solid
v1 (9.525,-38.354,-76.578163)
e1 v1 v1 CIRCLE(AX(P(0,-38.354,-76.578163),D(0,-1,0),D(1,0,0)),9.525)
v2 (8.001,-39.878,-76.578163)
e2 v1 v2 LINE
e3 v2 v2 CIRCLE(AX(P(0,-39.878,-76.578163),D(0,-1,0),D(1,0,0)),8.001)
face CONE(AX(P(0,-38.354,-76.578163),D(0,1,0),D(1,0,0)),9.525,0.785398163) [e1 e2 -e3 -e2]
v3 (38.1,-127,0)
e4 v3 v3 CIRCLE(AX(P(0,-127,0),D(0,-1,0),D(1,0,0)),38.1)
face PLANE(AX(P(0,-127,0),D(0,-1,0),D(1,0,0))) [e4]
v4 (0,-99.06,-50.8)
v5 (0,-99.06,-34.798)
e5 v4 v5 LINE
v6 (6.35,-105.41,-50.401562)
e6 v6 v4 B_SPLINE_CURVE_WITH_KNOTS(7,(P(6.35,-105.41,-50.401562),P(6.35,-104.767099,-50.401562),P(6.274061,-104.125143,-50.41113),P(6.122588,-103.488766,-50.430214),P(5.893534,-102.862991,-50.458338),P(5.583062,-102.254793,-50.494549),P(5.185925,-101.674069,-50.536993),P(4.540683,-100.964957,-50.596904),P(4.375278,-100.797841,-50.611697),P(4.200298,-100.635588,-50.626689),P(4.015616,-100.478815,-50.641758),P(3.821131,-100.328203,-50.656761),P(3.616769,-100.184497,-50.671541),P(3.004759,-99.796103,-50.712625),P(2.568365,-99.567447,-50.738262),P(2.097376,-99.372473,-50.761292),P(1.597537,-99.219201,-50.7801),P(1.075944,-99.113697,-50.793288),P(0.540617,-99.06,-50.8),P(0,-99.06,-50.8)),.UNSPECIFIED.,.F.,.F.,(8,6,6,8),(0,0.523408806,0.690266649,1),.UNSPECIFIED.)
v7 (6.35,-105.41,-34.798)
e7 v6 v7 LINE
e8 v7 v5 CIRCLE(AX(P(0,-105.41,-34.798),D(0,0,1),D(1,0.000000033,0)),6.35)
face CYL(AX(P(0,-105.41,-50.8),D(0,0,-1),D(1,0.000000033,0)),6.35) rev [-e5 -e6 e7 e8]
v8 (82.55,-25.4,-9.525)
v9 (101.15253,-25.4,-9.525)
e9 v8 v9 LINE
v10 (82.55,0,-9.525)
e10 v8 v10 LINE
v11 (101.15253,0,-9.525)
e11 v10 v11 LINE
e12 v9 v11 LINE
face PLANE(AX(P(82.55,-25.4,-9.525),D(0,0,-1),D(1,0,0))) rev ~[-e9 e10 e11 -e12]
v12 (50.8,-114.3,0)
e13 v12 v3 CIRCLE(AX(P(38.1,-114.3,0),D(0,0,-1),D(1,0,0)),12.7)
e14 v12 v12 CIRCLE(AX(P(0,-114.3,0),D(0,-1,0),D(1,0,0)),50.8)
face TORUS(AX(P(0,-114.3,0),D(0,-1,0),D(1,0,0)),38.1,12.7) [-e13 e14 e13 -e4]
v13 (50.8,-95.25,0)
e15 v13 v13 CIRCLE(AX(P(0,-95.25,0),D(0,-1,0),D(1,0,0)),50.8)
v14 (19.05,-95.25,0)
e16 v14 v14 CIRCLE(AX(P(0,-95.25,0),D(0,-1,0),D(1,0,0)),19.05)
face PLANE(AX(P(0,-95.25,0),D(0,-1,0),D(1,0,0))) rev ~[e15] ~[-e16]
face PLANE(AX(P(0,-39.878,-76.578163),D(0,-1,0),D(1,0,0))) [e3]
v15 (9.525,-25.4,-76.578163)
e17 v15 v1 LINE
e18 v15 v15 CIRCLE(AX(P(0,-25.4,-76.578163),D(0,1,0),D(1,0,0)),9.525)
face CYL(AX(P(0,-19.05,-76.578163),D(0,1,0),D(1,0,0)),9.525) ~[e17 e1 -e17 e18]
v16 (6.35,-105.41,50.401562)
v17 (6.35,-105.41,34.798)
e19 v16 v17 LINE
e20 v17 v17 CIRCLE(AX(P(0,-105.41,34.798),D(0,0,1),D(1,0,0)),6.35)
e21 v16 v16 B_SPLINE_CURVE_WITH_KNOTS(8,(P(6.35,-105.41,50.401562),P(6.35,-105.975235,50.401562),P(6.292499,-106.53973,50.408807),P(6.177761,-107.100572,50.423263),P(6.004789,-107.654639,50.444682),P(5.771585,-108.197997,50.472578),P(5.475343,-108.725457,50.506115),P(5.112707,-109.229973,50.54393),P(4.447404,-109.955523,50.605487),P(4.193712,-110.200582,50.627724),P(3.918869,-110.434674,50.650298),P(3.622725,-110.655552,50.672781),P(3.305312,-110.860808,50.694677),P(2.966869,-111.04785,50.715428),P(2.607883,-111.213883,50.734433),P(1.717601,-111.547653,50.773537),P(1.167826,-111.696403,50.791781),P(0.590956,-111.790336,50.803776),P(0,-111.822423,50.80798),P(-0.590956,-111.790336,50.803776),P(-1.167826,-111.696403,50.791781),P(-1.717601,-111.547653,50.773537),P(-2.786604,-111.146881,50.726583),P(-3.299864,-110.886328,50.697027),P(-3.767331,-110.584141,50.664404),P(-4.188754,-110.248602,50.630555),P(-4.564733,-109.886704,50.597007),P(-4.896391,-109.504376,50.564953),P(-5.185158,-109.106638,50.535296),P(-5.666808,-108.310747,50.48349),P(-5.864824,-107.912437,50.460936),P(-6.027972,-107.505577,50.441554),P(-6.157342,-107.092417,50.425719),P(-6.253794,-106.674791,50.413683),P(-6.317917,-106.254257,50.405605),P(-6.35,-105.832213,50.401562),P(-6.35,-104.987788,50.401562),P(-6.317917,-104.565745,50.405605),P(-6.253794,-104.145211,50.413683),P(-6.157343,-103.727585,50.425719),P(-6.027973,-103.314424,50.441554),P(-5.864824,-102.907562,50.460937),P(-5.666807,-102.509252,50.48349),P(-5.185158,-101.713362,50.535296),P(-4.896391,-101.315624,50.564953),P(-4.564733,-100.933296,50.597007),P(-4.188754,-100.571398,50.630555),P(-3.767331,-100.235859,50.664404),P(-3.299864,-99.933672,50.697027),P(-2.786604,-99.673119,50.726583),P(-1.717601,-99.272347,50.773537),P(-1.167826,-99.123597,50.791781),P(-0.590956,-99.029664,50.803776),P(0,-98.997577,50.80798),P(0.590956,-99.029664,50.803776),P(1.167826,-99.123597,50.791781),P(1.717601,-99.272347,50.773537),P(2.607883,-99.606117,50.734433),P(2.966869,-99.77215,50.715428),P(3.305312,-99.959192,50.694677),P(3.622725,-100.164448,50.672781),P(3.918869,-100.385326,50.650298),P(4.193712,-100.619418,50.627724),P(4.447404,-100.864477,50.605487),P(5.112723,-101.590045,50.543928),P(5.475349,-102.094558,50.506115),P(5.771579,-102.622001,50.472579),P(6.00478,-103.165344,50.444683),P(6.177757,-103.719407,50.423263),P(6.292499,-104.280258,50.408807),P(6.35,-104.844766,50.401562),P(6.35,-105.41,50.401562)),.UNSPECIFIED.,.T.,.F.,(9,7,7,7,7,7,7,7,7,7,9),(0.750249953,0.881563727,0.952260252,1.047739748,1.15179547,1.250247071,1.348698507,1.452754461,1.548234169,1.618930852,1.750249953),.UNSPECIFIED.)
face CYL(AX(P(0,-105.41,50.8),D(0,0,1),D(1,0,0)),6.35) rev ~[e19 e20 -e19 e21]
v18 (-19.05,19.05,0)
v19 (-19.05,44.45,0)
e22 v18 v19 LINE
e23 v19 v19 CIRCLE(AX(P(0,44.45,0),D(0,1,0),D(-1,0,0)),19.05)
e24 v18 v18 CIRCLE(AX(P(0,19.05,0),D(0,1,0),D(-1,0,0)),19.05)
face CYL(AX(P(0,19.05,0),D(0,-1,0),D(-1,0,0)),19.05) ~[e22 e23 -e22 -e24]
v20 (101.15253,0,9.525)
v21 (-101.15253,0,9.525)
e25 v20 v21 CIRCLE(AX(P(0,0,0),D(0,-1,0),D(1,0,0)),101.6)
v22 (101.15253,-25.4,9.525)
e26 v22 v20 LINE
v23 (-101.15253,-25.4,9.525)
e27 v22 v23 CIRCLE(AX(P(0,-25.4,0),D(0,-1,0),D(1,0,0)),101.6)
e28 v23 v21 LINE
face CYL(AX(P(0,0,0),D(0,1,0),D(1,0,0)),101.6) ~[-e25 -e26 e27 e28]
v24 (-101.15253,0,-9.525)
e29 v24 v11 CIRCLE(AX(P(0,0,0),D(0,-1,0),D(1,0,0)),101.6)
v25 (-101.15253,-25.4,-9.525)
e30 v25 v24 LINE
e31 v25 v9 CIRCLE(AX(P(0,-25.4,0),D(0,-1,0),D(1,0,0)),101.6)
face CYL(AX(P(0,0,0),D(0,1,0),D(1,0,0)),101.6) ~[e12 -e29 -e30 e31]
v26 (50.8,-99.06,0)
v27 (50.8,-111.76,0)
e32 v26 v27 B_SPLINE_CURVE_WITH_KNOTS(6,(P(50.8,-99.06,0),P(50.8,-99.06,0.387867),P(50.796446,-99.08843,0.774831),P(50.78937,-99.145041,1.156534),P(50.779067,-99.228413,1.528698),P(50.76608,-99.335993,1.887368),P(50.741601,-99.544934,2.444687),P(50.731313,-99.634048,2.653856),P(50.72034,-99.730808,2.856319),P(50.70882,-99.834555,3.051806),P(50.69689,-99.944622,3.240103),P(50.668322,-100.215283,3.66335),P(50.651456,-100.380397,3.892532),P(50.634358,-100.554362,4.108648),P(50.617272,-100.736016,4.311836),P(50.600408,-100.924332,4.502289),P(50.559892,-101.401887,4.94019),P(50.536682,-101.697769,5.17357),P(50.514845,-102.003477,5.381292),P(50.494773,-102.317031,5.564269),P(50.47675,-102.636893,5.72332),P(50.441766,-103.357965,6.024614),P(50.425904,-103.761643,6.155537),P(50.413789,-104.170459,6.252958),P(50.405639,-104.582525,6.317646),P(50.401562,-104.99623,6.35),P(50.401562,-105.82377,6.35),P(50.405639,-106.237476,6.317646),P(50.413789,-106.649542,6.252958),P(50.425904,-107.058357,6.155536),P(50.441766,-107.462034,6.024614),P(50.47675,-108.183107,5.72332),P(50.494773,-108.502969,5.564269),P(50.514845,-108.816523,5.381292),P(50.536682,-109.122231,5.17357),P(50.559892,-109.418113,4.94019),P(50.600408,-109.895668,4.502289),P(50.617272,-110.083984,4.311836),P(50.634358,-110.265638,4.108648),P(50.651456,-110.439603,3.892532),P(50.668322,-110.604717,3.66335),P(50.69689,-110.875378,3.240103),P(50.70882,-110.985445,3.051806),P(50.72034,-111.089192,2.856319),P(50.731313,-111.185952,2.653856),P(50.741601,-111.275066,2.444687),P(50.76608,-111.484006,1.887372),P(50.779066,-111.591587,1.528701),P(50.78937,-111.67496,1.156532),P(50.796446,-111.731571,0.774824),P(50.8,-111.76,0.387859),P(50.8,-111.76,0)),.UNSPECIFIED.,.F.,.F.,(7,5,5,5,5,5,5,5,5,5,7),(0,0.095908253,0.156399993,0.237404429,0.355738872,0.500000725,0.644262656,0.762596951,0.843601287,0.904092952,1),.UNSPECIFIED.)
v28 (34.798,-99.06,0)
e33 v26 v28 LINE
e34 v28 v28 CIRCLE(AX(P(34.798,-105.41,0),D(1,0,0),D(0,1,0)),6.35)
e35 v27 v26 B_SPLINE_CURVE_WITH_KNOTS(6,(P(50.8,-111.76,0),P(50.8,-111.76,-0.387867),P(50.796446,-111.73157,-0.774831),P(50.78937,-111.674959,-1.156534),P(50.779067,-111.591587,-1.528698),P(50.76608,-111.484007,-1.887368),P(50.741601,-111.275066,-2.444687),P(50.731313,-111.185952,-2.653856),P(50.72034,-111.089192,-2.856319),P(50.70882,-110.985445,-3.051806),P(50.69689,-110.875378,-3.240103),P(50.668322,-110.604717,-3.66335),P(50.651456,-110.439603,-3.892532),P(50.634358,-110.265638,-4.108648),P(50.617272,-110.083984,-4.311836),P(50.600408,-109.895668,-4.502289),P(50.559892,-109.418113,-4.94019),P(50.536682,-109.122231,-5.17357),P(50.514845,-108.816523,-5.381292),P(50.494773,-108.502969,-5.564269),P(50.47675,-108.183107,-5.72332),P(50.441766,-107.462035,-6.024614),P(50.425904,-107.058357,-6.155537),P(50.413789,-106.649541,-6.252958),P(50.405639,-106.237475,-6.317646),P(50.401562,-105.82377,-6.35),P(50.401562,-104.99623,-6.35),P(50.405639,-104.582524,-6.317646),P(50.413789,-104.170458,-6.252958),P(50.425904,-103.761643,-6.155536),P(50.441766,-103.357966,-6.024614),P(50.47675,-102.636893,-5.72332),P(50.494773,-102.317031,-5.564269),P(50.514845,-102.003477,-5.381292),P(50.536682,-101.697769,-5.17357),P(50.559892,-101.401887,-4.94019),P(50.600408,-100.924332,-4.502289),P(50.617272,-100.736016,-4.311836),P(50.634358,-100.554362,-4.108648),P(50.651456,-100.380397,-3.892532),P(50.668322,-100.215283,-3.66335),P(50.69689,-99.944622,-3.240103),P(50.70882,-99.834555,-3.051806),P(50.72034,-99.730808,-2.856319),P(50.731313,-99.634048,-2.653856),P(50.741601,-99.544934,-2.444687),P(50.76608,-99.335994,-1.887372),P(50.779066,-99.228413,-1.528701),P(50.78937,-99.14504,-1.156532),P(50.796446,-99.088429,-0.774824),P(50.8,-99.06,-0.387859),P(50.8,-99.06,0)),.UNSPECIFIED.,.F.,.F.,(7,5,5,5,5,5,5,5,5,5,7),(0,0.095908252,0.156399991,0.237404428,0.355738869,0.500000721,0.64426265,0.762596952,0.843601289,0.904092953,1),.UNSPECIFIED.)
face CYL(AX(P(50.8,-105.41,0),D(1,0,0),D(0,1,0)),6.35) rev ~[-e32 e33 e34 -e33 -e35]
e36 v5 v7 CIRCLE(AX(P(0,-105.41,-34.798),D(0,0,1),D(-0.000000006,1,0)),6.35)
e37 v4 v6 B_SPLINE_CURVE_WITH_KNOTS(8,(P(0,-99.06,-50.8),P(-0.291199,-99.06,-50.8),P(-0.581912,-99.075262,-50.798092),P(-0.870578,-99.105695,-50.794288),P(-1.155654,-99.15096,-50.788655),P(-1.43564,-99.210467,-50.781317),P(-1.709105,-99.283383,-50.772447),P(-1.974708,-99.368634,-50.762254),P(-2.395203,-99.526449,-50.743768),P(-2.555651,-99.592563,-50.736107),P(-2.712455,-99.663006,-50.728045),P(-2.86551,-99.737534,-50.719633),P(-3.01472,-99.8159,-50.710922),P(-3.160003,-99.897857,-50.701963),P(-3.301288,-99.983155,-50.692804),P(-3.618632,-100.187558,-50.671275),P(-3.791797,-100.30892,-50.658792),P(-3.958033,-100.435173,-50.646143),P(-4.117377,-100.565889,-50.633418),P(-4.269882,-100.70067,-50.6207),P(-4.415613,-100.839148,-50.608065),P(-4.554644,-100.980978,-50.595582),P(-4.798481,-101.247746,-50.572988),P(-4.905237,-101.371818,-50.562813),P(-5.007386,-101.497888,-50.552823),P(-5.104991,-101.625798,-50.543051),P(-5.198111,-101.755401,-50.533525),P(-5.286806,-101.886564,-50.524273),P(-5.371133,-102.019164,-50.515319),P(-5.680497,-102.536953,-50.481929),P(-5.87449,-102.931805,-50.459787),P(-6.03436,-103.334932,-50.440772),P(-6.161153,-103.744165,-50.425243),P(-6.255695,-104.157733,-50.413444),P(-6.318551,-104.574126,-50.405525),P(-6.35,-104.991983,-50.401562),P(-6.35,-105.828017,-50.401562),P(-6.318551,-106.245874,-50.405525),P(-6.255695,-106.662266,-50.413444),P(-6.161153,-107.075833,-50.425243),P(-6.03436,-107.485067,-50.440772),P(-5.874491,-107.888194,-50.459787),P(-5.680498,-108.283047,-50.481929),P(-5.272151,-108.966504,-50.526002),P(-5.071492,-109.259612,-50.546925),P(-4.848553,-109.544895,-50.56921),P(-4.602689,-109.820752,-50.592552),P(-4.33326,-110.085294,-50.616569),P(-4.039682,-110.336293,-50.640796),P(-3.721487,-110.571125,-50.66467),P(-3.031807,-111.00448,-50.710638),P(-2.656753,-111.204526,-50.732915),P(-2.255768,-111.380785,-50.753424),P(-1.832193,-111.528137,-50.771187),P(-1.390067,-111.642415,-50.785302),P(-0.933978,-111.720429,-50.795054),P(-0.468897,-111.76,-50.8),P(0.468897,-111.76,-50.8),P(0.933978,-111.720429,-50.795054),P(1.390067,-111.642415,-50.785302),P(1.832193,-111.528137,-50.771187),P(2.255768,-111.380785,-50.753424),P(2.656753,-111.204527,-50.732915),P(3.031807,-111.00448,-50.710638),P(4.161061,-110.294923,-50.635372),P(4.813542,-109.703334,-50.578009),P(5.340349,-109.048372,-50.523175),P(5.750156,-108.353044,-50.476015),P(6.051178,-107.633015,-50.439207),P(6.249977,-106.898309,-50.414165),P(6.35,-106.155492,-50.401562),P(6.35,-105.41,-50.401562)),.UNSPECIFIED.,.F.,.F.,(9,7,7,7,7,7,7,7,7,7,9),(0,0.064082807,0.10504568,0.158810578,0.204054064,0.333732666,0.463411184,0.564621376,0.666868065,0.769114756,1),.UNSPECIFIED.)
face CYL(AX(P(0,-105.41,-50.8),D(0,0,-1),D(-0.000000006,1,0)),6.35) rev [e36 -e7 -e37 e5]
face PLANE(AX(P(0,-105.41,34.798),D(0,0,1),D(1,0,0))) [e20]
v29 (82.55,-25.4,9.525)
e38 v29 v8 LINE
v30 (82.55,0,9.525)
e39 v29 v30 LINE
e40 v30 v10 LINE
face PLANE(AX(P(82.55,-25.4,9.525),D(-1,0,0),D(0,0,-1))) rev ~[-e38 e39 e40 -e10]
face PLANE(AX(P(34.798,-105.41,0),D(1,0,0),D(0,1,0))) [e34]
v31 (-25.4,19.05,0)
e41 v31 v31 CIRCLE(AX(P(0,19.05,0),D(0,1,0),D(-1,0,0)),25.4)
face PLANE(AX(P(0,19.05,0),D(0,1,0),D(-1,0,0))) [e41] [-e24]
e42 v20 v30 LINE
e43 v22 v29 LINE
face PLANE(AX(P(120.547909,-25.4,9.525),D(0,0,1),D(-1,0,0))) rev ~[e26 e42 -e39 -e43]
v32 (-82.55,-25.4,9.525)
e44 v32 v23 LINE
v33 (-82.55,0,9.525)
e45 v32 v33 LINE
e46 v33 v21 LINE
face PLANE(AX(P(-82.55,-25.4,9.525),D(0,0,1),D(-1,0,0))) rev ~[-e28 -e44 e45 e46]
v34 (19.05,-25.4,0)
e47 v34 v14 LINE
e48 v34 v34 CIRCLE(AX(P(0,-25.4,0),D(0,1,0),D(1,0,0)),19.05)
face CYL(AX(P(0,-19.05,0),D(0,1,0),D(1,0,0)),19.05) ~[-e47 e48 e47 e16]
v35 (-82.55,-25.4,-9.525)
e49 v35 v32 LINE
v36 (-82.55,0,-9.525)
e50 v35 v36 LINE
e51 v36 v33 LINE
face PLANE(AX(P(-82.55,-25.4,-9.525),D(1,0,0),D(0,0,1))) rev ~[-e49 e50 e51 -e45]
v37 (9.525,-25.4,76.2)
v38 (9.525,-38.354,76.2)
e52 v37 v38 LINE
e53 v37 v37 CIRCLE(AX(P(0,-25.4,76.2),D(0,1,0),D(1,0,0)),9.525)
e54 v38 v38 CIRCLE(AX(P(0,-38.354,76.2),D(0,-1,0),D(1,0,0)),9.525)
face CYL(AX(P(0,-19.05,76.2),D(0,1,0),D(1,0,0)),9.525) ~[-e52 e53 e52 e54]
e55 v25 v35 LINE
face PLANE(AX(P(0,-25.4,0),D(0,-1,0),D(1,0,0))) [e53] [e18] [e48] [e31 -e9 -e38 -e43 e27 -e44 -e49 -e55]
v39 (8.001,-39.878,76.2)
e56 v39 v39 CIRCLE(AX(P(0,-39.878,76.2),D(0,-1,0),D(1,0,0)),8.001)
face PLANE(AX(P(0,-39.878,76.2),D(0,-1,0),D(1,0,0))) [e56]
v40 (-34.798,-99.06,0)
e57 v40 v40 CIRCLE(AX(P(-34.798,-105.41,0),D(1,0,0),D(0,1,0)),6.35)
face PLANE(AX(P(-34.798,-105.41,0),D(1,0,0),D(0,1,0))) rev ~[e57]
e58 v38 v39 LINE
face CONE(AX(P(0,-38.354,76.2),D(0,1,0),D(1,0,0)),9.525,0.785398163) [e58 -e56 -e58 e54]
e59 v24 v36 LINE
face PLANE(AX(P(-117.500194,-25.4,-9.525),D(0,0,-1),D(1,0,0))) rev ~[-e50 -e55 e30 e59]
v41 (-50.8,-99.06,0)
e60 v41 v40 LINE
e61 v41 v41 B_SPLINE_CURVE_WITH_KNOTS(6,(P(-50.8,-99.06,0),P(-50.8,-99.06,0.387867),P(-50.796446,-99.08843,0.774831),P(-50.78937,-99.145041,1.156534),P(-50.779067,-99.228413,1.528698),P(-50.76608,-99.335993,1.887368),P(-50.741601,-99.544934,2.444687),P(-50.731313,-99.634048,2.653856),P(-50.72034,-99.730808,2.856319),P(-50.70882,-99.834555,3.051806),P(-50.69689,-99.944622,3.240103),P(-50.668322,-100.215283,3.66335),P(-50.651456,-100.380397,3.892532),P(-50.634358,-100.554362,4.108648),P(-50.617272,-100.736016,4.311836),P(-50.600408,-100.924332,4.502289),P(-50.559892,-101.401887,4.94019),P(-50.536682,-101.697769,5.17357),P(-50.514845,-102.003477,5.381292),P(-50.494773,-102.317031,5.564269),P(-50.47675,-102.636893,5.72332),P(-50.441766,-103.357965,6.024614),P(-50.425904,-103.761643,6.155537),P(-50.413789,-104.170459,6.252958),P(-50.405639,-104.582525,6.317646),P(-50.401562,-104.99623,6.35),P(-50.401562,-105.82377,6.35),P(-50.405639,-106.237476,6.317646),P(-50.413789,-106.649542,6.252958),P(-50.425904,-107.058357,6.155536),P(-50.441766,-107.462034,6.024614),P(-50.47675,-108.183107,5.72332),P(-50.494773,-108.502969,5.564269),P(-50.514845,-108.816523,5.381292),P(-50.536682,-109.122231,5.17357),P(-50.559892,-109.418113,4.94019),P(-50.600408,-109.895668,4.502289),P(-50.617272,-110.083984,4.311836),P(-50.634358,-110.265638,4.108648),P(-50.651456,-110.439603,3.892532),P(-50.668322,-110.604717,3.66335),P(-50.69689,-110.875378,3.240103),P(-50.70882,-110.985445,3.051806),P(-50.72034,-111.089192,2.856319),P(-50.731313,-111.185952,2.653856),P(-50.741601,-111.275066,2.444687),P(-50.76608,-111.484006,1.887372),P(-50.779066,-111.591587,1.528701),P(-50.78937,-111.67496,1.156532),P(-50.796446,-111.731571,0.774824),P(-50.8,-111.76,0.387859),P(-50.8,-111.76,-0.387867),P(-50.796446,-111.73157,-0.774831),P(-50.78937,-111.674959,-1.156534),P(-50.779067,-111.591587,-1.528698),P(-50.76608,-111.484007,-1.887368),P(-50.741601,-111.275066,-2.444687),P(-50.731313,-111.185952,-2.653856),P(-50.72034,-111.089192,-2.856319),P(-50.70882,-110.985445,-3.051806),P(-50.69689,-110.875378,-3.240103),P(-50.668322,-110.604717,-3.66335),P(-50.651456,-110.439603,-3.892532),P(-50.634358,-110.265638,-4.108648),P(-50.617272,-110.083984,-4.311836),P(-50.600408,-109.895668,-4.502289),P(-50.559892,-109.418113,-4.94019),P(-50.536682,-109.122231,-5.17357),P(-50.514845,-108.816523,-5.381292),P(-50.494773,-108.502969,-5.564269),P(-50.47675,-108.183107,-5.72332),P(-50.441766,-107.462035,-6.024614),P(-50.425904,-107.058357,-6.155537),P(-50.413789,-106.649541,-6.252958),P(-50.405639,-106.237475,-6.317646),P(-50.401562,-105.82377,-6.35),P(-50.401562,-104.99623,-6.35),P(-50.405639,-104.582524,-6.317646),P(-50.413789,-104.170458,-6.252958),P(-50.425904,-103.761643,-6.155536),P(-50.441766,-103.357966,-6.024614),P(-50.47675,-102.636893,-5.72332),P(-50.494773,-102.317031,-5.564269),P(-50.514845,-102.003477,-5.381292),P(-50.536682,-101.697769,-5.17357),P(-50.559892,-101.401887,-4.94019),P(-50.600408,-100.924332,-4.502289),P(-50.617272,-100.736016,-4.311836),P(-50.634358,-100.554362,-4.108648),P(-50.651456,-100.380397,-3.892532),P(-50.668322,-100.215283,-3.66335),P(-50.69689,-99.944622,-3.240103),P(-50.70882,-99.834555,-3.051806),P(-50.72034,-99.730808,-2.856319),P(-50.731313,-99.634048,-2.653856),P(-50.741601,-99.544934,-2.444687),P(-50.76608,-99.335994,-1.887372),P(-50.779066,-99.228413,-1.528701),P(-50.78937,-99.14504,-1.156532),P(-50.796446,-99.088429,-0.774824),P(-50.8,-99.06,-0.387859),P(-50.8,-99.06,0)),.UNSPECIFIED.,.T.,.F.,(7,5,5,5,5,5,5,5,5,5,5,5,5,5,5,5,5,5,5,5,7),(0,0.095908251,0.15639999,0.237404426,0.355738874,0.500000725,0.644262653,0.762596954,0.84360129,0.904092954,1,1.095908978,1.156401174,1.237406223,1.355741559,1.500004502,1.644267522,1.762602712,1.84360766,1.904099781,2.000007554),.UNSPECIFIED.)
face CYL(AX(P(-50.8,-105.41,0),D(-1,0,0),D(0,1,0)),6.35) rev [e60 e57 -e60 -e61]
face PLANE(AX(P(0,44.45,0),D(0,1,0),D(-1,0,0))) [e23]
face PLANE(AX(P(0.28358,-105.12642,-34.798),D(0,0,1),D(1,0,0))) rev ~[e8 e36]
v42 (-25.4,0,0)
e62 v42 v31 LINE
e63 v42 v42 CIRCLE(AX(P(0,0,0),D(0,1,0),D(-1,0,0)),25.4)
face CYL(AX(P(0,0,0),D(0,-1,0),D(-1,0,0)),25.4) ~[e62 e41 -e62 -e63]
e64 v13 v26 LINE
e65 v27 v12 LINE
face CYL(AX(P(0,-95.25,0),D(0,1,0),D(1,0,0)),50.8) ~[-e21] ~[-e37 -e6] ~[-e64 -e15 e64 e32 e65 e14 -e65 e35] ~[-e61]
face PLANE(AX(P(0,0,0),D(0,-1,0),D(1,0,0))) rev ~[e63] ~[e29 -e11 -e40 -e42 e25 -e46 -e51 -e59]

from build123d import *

# Parameters (mm, degrees)
F0_R      = 101.6
F1_DEPTH  = 19.05
F2_R      = 19.05
F3_DEPTH  = 76.2
F4_R      = 50.8
F4_R_2    = 19.05
F5_DEPTH  = 31.75
F6_R      = 9.525
F7_DEPTH  = 20.828
F8_R      = 12.7
F9_R      = 25.4
F10_DEPTH = 19.05
F11_R     = 19.05
F12_DEPTH = 25.4
F13_DEPTH = 25.4
F15_DEPTH = 27.94
F17_DEPTH = 25.4
F18_SIZE2 = 1.524
F18_SIZE  = 1.524
F20_R     = 6.35
F21_DEPTH = 16.002
F24_DEPTH = 16.002
F26_R     = 6.35
F27_DEPTH = 16.002
F29_R     = 6.35
F30_DEPTH = 16.002


with BuildPart() as f1:
    # F0 (on Front) → F1 (new body)
    with BuildSketch(Plane.XZ):
        Circle(F0_R)
    extrude(amount=F1_DEPTH)

    # F2 (on face) → F3 (join)
    with BuildSketch(Plane.XZ.offset(19.05)):
        Circle(F2_R)
    extrude(amount=F3_DEPTH)

    # F4 (on face) → F5 (join)
    with BuildSketch(Plane.XZ.offset(95.25)):
        Circle(F4_R)
        Circle(F4_R_2, mode=Mode.SUBTRACT)
        Circle(F4_R_2)
    extrude(amount=F5_DEPTH)

    # F6 (on face) → F7 (join)
    with BuildSketch(Plane.XZ.offset(19.05)):
        with Locations((0, 76.2)):
            Circle(F6_R)
        with Locations((0, -76.578163)):
            Circle(F6_R)
    extrude(amount=F7_DEPTH)

    # F8
    f8_edges = [f1.edges().sort_by_distance(p)[0] for p in [
        (-50.8, -127, 0),
    ]]
    fillet(f8_edges, radius=F8_R)

    # F9 (on face) → F10 (join)
    with BuildSketch(Plane(origin=(0, 0, 0), x_dir=(-1, 0, 0), z_dir=(0, 1, 0))):
        Circle(F9_R)
    extrude(amount=F10_DEPTH)

    # F11 (on face) → F12 (join)
    with BuildSketch(Plane(origin=(0, 19.05, 0), x_dir=(-1, 0, 0), z_dir=(0, 1, 0))):
        Circle(F11_R)
    extrude(amount=F12_DEPTH)

    # F0 (on Front) → F13 (join)
    with BuildSketch(Plane.XZ):
        Circle(F0_R)
    extrude(amount=F13_DEPTH)

    # F14 (on face) → F15 (cut)
    with BuildSketch(Plane.XZ.offset(25.4)):
        Polygon((82.55, 9.525), (82.55, 0), (82.55, -9.525), (120.547909, -9.525), (120.547909, 9.525), align=None)
    extrude(amount=-F15_DEPTH, mode=Mode.SUBTRACT)

    # F16 (on face) → F17 (cut)
    with BuildSketch(Plane.XZ.offset(25.4)):
        Polygon((-82.55, -9.525), (-82.55, 0), (-82.55, 9.525), (-117.500194, 9.525), (-117.500194, -9.525), align=None)
    extrude(amount=-F17_DEPTH, mode=Mode.SUBTRACT)

    # F18
    f18_edges = [f1.edges().sort_by_distance(p)[0] for p in [
        (-9.525, -39.878, 76.2),
        (-9.525, -39.878, -76.578163),
    ]]
    chamfer(f18_edges, length=F18_SIZE, length2=F18_SIZE2)

    # F20 (on offset) → F21 (cut)
    with BuildSketch(Plane.XY.offset(50.8)):
        with Locations((0, -105.41)):
            Circle(F20_R)
    extrude(amount=-F21_DEPTH, mode=Mode.SUBTRACT)

    # F23 (on offset) → F24 (cut)
    with BuildSketch(Plane.XY.offset(-50.8)):
        with BuildLine():
            ThreePointArc((0, -99.06), (-4.490128, -109.900128), (6.35, -105.41))
            ThreePointArc((6.35, -105.41), (4.490128, -100.919872), (0, -99.06))
        make_face()
    extrude(amount=F24_DEPTH, mode=Mode.SUBTRACT)

    # F26 (on offset) → F27 (cut)
    with BuildSketch(Plane.YZ.offset(50.8)):
        with Locations((-105.41, 0)):
            Circle(F26_R)
    extrude(amount=-F27_DEPTH, mode=Mode.SUBTRACT)

    # F29 (on offset) → F30 (cut)
    with BuildSketch(Plane.YZ.offset(-50.8)):
        with Locations((-105.41, 0)):
            Circle(F29_R)
    extrude(amount=F30_DEPTH, mode=Mode.SUBTRACT)


solid = f1.part
